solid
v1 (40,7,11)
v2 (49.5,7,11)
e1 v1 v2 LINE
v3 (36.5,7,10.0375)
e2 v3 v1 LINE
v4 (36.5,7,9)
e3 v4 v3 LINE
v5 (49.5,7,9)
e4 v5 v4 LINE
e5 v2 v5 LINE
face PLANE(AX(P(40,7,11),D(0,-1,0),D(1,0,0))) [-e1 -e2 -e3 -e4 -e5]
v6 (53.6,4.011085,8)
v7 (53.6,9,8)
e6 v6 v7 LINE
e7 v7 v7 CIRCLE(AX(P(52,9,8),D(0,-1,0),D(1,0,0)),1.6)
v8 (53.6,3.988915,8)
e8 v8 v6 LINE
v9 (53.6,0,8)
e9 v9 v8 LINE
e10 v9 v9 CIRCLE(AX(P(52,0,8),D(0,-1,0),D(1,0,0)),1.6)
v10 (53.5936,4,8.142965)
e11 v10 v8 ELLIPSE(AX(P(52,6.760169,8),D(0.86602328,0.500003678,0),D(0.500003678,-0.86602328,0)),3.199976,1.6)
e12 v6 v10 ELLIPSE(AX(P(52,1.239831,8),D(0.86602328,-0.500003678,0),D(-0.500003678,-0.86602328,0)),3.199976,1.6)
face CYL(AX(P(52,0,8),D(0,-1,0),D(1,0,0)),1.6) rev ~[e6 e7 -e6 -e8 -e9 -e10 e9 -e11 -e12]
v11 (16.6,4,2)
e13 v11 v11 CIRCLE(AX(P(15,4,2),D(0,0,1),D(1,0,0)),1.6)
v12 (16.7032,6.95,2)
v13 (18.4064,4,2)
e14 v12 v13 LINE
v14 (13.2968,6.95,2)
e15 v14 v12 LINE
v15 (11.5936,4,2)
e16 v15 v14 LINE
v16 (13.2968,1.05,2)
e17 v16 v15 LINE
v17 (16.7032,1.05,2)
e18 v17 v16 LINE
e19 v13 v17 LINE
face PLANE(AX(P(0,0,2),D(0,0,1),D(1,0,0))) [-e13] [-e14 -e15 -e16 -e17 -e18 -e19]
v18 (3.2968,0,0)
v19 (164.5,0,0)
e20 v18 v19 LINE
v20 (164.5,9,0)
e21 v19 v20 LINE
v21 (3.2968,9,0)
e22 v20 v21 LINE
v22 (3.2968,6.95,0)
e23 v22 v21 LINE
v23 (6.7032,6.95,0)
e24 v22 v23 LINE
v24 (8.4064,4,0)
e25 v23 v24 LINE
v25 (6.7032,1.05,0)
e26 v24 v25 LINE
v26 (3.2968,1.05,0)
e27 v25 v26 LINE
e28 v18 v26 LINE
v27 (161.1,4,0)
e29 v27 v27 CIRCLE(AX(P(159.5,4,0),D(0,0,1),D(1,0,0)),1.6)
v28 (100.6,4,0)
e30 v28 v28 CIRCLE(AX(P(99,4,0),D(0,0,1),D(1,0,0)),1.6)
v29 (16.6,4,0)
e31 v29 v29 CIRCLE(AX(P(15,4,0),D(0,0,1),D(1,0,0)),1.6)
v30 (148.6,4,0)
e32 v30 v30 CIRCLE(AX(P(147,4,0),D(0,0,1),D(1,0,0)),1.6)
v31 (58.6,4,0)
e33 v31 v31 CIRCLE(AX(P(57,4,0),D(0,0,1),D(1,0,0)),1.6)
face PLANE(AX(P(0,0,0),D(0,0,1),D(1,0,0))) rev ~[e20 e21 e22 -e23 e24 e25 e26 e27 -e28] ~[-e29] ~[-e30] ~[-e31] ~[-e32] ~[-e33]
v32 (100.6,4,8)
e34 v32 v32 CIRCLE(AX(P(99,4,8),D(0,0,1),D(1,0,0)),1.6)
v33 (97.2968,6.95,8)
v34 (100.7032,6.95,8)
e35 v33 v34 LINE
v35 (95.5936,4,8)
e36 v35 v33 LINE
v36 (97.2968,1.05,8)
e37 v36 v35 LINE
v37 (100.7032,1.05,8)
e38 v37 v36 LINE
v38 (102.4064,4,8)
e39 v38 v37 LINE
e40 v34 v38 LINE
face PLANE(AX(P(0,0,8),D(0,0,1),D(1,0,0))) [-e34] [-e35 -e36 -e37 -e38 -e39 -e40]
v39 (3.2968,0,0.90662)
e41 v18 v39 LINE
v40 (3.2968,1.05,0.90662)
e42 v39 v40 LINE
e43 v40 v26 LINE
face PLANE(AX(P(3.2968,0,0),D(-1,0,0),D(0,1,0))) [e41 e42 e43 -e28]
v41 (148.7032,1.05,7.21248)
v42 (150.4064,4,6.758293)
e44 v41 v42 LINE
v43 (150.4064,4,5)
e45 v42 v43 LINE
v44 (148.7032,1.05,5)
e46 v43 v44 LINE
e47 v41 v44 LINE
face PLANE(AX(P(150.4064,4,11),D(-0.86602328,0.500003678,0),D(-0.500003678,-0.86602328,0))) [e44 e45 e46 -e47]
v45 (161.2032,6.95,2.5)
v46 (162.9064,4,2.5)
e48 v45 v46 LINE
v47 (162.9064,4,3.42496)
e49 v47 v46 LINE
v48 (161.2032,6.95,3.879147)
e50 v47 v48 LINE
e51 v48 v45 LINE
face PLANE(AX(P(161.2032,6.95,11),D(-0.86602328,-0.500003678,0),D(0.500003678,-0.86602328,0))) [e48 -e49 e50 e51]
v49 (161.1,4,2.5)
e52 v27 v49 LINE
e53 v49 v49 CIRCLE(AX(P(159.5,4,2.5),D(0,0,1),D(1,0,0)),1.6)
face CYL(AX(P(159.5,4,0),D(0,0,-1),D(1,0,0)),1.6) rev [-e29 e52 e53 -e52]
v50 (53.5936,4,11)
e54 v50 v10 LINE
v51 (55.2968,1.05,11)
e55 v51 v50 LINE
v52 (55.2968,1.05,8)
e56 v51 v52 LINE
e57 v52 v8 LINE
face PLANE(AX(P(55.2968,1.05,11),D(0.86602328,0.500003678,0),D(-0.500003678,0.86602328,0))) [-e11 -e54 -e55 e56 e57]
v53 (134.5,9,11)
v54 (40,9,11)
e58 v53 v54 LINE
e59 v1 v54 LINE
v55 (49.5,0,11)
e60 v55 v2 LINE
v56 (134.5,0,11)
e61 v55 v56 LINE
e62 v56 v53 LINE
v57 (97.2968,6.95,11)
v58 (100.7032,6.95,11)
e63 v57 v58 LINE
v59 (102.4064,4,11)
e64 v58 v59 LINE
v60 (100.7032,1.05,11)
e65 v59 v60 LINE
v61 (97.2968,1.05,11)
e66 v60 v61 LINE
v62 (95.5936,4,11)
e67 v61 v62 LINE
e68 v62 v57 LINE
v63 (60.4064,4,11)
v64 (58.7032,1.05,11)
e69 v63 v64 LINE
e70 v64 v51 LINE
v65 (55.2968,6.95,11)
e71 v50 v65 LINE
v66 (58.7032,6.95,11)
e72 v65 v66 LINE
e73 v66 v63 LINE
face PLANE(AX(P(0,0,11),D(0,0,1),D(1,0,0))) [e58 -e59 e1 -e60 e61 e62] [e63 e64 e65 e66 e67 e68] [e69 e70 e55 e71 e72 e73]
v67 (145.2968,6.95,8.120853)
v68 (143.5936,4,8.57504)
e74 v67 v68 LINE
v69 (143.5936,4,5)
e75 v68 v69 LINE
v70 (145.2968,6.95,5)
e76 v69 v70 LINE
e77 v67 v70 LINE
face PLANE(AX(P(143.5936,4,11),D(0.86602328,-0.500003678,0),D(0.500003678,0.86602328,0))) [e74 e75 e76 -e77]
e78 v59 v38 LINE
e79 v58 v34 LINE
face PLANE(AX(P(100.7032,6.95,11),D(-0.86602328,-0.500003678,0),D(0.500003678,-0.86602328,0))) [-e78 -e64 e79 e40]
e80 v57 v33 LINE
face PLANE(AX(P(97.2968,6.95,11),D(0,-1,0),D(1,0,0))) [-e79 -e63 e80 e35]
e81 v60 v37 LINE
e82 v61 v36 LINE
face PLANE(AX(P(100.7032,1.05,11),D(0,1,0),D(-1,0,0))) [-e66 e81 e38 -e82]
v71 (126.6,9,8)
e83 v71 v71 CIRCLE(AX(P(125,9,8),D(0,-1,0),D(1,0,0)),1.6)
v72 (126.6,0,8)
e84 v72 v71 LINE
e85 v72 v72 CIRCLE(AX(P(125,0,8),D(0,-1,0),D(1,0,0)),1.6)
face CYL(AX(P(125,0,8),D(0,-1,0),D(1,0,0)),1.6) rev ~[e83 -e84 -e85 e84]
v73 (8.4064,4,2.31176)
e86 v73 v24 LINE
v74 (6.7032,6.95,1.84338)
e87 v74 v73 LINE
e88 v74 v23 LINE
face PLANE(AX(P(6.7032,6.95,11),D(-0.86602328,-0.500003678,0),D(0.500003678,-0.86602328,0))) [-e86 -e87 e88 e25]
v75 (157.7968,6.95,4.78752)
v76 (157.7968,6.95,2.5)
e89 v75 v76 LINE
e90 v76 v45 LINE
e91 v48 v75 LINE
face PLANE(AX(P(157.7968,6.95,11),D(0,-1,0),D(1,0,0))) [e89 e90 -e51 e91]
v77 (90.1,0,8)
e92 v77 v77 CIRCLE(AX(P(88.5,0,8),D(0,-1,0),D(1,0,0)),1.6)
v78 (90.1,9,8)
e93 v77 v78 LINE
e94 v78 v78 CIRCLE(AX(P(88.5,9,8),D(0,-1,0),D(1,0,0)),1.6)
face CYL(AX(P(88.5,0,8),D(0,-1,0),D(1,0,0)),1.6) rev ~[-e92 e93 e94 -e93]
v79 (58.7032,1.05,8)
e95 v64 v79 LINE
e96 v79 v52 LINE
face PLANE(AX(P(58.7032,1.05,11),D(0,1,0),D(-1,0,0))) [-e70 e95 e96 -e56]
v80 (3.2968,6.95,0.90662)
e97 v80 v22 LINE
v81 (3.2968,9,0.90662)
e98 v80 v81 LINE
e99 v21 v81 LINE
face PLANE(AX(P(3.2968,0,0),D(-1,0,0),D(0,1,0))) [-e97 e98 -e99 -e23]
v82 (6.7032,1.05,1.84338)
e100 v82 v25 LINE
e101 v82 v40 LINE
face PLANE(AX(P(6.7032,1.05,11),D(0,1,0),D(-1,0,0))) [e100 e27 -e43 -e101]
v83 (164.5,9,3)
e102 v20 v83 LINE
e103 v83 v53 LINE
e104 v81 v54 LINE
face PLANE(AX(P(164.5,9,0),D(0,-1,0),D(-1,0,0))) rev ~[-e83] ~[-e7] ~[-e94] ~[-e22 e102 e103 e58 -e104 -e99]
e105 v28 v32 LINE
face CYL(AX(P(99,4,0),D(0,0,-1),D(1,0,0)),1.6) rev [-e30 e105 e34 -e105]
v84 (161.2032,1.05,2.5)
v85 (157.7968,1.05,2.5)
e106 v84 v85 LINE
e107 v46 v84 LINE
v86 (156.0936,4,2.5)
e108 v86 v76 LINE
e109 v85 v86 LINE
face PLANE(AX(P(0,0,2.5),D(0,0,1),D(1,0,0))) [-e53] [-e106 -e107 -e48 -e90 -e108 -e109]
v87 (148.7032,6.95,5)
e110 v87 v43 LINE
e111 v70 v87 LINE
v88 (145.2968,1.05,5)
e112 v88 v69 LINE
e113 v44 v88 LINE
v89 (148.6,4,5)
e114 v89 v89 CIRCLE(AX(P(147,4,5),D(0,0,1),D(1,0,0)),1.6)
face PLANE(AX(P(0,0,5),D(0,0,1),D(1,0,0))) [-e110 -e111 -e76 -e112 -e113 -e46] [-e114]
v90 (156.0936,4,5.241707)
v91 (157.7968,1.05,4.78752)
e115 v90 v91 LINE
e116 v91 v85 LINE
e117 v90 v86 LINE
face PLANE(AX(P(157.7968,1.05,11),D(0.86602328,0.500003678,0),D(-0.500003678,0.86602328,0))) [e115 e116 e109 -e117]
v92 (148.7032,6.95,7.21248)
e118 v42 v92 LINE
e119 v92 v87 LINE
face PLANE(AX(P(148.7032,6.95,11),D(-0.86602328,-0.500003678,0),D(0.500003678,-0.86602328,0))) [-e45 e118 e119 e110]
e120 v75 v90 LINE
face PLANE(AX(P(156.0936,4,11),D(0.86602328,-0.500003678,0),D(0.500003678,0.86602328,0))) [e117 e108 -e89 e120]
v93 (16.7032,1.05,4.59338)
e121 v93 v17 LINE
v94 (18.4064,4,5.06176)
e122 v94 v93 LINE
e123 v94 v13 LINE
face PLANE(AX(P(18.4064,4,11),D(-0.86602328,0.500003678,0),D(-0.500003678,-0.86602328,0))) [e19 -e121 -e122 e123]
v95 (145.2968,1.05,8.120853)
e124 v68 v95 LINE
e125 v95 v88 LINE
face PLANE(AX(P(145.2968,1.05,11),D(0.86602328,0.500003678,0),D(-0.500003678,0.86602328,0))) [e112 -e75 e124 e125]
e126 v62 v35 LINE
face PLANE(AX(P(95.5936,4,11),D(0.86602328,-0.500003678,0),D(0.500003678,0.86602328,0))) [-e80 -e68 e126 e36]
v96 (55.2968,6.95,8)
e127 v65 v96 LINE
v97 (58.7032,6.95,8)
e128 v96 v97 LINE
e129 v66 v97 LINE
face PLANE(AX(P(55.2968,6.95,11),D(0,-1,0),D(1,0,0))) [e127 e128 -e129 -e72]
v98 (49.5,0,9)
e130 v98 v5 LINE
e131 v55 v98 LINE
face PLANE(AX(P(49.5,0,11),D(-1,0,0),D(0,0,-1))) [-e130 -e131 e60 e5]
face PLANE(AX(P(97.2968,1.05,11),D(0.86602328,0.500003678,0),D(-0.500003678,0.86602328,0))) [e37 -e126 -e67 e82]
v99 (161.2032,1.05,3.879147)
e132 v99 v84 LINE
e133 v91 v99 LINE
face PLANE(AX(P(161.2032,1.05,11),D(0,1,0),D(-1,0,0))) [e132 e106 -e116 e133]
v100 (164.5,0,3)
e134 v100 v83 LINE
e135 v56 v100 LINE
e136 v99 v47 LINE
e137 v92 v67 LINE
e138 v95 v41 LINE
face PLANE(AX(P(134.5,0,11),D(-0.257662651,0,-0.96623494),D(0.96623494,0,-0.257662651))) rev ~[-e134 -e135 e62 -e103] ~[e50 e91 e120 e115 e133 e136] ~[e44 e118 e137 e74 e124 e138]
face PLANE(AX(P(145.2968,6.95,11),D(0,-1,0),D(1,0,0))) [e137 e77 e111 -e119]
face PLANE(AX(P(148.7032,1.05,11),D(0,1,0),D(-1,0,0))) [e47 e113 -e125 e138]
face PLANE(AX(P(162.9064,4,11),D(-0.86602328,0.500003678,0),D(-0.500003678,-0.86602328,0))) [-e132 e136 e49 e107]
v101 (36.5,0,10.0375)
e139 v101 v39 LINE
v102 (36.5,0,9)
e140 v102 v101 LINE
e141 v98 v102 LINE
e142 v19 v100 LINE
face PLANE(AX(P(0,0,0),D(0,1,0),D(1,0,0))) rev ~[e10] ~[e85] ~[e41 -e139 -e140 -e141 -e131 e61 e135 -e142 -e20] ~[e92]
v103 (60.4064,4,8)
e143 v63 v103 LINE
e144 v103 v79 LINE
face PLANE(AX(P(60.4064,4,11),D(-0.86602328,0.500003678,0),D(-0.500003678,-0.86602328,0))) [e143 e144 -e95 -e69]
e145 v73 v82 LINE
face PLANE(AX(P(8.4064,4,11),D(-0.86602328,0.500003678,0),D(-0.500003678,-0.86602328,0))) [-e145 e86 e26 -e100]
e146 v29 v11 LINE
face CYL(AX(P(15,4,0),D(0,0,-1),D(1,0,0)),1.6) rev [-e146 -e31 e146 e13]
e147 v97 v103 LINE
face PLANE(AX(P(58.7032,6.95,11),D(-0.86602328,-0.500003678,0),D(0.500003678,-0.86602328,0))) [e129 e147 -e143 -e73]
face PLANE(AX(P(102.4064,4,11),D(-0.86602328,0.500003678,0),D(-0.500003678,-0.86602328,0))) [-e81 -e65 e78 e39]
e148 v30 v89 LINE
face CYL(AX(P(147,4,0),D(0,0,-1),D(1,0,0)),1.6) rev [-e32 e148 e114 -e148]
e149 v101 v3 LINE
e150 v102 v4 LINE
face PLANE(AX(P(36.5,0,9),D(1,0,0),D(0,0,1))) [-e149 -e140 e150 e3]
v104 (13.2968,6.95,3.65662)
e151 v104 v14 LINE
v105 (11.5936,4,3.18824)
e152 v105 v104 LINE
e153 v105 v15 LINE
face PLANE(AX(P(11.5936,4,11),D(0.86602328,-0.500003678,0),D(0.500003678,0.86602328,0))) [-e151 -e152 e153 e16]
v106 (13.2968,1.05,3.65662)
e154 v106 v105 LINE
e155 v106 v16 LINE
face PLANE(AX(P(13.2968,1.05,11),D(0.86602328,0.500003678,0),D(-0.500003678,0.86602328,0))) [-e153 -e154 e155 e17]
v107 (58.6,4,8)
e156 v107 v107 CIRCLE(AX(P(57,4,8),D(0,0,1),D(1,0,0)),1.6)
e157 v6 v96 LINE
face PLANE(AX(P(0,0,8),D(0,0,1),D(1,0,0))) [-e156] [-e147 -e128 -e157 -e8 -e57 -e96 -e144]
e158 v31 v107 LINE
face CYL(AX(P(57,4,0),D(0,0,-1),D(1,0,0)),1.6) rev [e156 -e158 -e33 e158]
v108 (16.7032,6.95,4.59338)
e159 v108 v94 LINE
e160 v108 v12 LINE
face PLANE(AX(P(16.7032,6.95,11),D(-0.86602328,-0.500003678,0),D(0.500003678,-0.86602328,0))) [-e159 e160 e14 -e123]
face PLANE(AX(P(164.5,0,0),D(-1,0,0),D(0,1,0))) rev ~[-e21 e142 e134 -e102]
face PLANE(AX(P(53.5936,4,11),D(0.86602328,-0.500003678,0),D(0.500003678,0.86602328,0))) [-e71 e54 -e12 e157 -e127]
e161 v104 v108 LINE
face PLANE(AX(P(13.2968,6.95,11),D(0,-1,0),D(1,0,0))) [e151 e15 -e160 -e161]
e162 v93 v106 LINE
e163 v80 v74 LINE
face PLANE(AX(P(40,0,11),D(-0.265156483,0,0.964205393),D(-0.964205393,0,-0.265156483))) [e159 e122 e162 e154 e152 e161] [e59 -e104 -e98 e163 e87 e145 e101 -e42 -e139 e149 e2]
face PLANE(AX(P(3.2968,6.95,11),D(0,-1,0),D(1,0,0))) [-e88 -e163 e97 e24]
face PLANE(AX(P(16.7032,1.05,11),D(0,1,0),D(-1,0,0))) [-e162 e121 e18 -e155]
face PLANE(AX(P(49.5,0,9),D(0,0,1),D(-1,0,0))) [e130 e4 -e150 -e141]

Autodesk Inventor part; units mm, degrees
ref_plane "YZ Plane" through (0, 0, 0) normal (1, 0, 0) x (0, 1, 0)
ref_plane "XZ Plane" through (0, 0, 0) normal (0, 1, 0) x (-1, 0, 0)
ref_plane "XY Plane" through (0, 0, 0) normal (0, 0, 1) x (1, 0, 0)
sketch "Sketch1" plane through (0, 0, 0) normal (0, 0, 1) x (1, 0, 0)
  line L0 (0, 0) -> (164.5, 0)
  line L1 (164.5, 0) -> (164.5, 9)
  line L2 (164.5, 9) -> (0, 9)
  line L3 (0, 9) -> (0, 0)
  circle A0 centre (57, 4) radius 1.6
  circle A1 centre (99, 4) radius 1.6
  circle A2 centre (159.5, 4) radius 1.6
  circle A3 centre (147, 4) radius 1.6
  circle A4 centre (15, 4) radius 1.6
  circle A5 centre (5, 4) radius 1.6
  dimension "d1" = 9
  dimension "d2" = 90
  dimension "d4" = 3.2
  dimension "d6" = 3.2
  dimension "d7" = 3.2
  dimension "d8" = 42
  dimension "d9" = 60.5
  dimension "d26" = 3.2
  dimension "d27" = 48
  dimension "d28" = 3.2
  dimension "d29" = 42
  dimension "d32" = 15
  dimension "d33" = 5
  dimension "d61" = 3.2
  dimension "d62" = 10
  dimension "d63" = 12.5
  dimension "d108" = 4
  dimension "d109" = 4
  dimension "d110" = 4
  dimension "d111" = 4
  dimension "d112" = 4
  dimension "d113" = 4
ref_plane "Work Plane2" through (0, 0, 0) normal (0, -1, 0) x (1, 0, 0)
sketch "Sketch2" plane through (0, 0, 0) normal (0, -1, 0) x (1, 0, 0)
  circle A0 centre (52, 8) radius 1.6
  circle A1 centre (125, 8) radius 1.6
  circle A2 centre (88.5, 8) radius 1.6
  point P0 (0, 0)
  point P1 (52, 0)
  dimension "d13" = 3.2
  dimension "d15" = 3.2
  dimension "d17" = 3.2
  dimension "d18" = 36.5
  dimension "d64" = 52
  dimension "d65" = 36.5
  dimension "d114" = 8
  dimension "d115" = 73
ref_plane "Work Plane1" through (0, 0, 11) normal (0, 0, 1) x (1, 0, 0)
extrude "klocek" add sketch "Sketch1" along normal blind 11
ref_plane "Work Plane3" through (0, 0, 0) normal (0, -1, 0) x (1, 0, 0)
extrude "prowadzenie osi" cut sketch "Sketch2" against normal up to next
ref_plane "Work Plane4" through (0, 0, 0) normal (0, -1, 0) x (1, 0, 0)
sketch "Sketch7" plane through (0, 0, 0) normal (0, -1, 0) x (1, 0, 0)
  line L0 (0, 11) -> (0, 0)
  line L1 (0, 11) -> (164.5, 11) projected
  line L2 (0, 11) -> (40, 11)
  line L3 (40, 11) -> (0, 0)
  point P0 (0, -1.8333)
  dimension "d86" = 11
  dimension "d87" = 40
sketch "Sketch8" plane through (0, 0, 0) normal (0, -1, 0) x (1, 0, 0)
  line L0 (164.5, 0) -> (164.5, 11) projected
  line L1 (164.5, 11) -> (164.5, 3)
  line L2 (164.5, 11) -> (0, 11) projected
  line L3 (164.5, 11) -> (134.5, 11)
  line L4 (134.5, 11) -> (164.5, 3)
  point P0 (0, 0)
  point P1 (40.8333, 11)
  dimension "d80" = 8
  dimension "d81" = 30
extrude "przedni skos" cut sketch "Sketch7" against normal up to next
extrude "tylni skos" cut sketch "Sketch8" against normal up to next
ref_plane "Work Plane7" through (0, 0, 11) normal (0, 0, 1) x (1, 0, 0)
sketch "Sketch5" plane through (0, 0, 11) normal (0, 0, 1) x (1, 0, 0)
  circle A0 centre (99, 4) radius 1.6 projected
  line L0 (95.5936, 4) -> (97.2968, 6.95)
  line L1 (97.2968, 6.95) -> (100.7032, 6.95)
  line L2 (100.7032, 6.95) -> (102.4064, 4)
  line L3 (102.4064, 4) -> (100.7032, 1.05)
  line L4 (100.7032, 1.05) -> (97.2968, 1.05)
  line L5 (97.2968, 1.05) -> (95.5936, 4)
  circle A1 centre (57, 4) radius 1.6 projected
  line L6 (60.4064, 4) -> (58.7032, 1.05)
  line L7 (58.7032, 1.05) -> (55.2968, 1.05)
  line L8 (55.2968, 1.05) -> (53.5936, 4)
  line L9 (53.5936, 4) -> (55.2968, 6.95)
  line L10 (55.2968, 6.95) -> (58.7032, 6.95)
  line L11 (58.7032, 6.95) -> (60.4064, 4)
  point P0 (119.5, 5)
  dimension "d98" = 5.9
  dimension "d100" = 5.9
extrude "hex insert middle" cut sketch "Sketch5" against normal blind 3
ref_plane "Work Plane6" through (0, 0, 11) normal (0, 0, 1) x (1, 0, 0)
sketch "Sketch9" plane through (0, 0, 11) normal (0, 0, 1) x (1, 0, 0)
  circle A0 centre (147, 4) radius 1.6 projected
  line L0 (150.4064, 4) -> (148.7032, 1.05)
  line L1 (148.7032, 1.05) -> (145.2968, 1.05)
  line L2 (145.2968, 1.05) -> (143.5936, 4)
  line L3 (143.5936, 4) -> (145.2968, 6.95)
  line L4 (145.2968, 6.95) -> (148.7032, 6.95)
  line L5 (148.7032, 6.95) -> (150.4064, 4)
  point P0 (0, 0)
  point P1 (153, 5)
  dimension "d99" = 5.9
extrude "hex insert rear 1" cut sketch "Sketch9" against normal blind 6
ref_plane "Work Plane5" through (0, 0, 11) normal (0, 0, 1) x (1, 0, 0)
sketch "Sketch10" plane through (0, 0, 11) normal (0, 0, 1) x (1, 0, 0)
  circle A0 centre (159.5, 4) radius 1.6 projected
  line L0 (162.9064, 4) -> (161.2032, 1.05)
  line L1 (161.2032, 1.05) -> (157.7968, 1.05)
  line L2 (157.7968, 1.05) -> (156.0936, 4)
  line L3 (156.0936, 4) -> (157.7968, 6.95)
  line L4 (157.7968, 6.95) -> (161.2032, 6.95)
  line L5 (161.2032, 6.95) -> (162.9064, 4)
  point P0 (0, 0)
  dimension "d101" = 5.9
extrude "hex insert rear 2" cut sketch "Sketch10" against normal blind 8.5
sketch "Sketch13" plane through (0, 0, 11) normal (0, 0, 1) x (1, 0, 0)
  circle A0 centre (5, 4) radius 1.6 projected
  line L0 (8.4064, 4) -> (6.7032, 1.05)
  line L1 (6.7032, 1.05) -> (3.2968, 1.05)
  line L2 (3.2968, 1.05) -> (1.5936, 4)
  line L3 (1.5936, 4) -> (3.2968, 6.95)
  line L4 (3.2968, 6.95) -> (6.7032, 6.95)
  line L5 (6.7032, 6.95) -> (8.4064, 4)
  point P0 (0, 0)
  dimension "d90" = 5.9
extrude "hex insert front 1" cut sketch "Sketch13" against normal through all
sketch "Sketch16" plane through (0, 0, 11) normal (0, 0, 1) x (1, 0, 0)
  circle A0 centre (15, 4) radius 1.6 projected
  line L0 (18.4064, 4) -> (16.7032, 1.05)
  line L1 (16.7032, 1.05) -> (13.2968, 1.05)
  line L2 (13.2968, 1.05) -> (11.5936, 4)
  line L3 (11.5936, 4) -> (13.2968, 6.95)
  line L4 (13.2968, 6.95) -> (16.7032, 6.95)
  line L5 (16.7032, 6.95) -> (18.4064, 4)
  point P0 (0, 0)
  dimension "d93" = 5.9
extrude "hex insert front 2" cut sketch "Sketch16" against normal blind 9
sketch "Sketch17" plane through (0, 0, 0) normal (0, 0, -1) x (-1, 0, 0)
  line L0 (0, 9) -> (0, 0) projected
  line L1 (0, 0) -> (-3.2968, 0)
  line L2 (-3.2968, 0) -> (-3.2968, 10.0042)
  line L3 (-3.2968, 10.0042) -> (0, 10.0042)
  line L4 (0, 10.0042) -> (0, 0)
extrude "Extrusion20" cut sketch "Sketch17" against normal up to next
sketch "Sketch18" plane through (40, 0, 11) normal (0, -1, 0) x (1, 0, 0)
  line L0 (9.5, 0) -> (9.5, -2)
  line L1 (9.5, -2) -> (-3.5, -2)
  line L2 (-3.5, -2) -> (-3.5, 0)
  line L3 (-3.5, 0) -> (9.5, 0)
  line L4 (94.5, 0) -> (0, 0) projected
  circle A0 centre (12, -3) radius 1.6 projected
  line L5 (-36.7032, -11) -> (124.5, -11) projected
  point P0 (-40, -11)
  dimension "d102" = 2
  dimension "d103" = 13
  dimension "d104" = 2.5
extrude "Extrusion21" cut sketch "Sketch18" against normal blind 7 contours L0 L1 L2 L3
properties part number "wheel_support_v2_narrow_with_line_sensor"
